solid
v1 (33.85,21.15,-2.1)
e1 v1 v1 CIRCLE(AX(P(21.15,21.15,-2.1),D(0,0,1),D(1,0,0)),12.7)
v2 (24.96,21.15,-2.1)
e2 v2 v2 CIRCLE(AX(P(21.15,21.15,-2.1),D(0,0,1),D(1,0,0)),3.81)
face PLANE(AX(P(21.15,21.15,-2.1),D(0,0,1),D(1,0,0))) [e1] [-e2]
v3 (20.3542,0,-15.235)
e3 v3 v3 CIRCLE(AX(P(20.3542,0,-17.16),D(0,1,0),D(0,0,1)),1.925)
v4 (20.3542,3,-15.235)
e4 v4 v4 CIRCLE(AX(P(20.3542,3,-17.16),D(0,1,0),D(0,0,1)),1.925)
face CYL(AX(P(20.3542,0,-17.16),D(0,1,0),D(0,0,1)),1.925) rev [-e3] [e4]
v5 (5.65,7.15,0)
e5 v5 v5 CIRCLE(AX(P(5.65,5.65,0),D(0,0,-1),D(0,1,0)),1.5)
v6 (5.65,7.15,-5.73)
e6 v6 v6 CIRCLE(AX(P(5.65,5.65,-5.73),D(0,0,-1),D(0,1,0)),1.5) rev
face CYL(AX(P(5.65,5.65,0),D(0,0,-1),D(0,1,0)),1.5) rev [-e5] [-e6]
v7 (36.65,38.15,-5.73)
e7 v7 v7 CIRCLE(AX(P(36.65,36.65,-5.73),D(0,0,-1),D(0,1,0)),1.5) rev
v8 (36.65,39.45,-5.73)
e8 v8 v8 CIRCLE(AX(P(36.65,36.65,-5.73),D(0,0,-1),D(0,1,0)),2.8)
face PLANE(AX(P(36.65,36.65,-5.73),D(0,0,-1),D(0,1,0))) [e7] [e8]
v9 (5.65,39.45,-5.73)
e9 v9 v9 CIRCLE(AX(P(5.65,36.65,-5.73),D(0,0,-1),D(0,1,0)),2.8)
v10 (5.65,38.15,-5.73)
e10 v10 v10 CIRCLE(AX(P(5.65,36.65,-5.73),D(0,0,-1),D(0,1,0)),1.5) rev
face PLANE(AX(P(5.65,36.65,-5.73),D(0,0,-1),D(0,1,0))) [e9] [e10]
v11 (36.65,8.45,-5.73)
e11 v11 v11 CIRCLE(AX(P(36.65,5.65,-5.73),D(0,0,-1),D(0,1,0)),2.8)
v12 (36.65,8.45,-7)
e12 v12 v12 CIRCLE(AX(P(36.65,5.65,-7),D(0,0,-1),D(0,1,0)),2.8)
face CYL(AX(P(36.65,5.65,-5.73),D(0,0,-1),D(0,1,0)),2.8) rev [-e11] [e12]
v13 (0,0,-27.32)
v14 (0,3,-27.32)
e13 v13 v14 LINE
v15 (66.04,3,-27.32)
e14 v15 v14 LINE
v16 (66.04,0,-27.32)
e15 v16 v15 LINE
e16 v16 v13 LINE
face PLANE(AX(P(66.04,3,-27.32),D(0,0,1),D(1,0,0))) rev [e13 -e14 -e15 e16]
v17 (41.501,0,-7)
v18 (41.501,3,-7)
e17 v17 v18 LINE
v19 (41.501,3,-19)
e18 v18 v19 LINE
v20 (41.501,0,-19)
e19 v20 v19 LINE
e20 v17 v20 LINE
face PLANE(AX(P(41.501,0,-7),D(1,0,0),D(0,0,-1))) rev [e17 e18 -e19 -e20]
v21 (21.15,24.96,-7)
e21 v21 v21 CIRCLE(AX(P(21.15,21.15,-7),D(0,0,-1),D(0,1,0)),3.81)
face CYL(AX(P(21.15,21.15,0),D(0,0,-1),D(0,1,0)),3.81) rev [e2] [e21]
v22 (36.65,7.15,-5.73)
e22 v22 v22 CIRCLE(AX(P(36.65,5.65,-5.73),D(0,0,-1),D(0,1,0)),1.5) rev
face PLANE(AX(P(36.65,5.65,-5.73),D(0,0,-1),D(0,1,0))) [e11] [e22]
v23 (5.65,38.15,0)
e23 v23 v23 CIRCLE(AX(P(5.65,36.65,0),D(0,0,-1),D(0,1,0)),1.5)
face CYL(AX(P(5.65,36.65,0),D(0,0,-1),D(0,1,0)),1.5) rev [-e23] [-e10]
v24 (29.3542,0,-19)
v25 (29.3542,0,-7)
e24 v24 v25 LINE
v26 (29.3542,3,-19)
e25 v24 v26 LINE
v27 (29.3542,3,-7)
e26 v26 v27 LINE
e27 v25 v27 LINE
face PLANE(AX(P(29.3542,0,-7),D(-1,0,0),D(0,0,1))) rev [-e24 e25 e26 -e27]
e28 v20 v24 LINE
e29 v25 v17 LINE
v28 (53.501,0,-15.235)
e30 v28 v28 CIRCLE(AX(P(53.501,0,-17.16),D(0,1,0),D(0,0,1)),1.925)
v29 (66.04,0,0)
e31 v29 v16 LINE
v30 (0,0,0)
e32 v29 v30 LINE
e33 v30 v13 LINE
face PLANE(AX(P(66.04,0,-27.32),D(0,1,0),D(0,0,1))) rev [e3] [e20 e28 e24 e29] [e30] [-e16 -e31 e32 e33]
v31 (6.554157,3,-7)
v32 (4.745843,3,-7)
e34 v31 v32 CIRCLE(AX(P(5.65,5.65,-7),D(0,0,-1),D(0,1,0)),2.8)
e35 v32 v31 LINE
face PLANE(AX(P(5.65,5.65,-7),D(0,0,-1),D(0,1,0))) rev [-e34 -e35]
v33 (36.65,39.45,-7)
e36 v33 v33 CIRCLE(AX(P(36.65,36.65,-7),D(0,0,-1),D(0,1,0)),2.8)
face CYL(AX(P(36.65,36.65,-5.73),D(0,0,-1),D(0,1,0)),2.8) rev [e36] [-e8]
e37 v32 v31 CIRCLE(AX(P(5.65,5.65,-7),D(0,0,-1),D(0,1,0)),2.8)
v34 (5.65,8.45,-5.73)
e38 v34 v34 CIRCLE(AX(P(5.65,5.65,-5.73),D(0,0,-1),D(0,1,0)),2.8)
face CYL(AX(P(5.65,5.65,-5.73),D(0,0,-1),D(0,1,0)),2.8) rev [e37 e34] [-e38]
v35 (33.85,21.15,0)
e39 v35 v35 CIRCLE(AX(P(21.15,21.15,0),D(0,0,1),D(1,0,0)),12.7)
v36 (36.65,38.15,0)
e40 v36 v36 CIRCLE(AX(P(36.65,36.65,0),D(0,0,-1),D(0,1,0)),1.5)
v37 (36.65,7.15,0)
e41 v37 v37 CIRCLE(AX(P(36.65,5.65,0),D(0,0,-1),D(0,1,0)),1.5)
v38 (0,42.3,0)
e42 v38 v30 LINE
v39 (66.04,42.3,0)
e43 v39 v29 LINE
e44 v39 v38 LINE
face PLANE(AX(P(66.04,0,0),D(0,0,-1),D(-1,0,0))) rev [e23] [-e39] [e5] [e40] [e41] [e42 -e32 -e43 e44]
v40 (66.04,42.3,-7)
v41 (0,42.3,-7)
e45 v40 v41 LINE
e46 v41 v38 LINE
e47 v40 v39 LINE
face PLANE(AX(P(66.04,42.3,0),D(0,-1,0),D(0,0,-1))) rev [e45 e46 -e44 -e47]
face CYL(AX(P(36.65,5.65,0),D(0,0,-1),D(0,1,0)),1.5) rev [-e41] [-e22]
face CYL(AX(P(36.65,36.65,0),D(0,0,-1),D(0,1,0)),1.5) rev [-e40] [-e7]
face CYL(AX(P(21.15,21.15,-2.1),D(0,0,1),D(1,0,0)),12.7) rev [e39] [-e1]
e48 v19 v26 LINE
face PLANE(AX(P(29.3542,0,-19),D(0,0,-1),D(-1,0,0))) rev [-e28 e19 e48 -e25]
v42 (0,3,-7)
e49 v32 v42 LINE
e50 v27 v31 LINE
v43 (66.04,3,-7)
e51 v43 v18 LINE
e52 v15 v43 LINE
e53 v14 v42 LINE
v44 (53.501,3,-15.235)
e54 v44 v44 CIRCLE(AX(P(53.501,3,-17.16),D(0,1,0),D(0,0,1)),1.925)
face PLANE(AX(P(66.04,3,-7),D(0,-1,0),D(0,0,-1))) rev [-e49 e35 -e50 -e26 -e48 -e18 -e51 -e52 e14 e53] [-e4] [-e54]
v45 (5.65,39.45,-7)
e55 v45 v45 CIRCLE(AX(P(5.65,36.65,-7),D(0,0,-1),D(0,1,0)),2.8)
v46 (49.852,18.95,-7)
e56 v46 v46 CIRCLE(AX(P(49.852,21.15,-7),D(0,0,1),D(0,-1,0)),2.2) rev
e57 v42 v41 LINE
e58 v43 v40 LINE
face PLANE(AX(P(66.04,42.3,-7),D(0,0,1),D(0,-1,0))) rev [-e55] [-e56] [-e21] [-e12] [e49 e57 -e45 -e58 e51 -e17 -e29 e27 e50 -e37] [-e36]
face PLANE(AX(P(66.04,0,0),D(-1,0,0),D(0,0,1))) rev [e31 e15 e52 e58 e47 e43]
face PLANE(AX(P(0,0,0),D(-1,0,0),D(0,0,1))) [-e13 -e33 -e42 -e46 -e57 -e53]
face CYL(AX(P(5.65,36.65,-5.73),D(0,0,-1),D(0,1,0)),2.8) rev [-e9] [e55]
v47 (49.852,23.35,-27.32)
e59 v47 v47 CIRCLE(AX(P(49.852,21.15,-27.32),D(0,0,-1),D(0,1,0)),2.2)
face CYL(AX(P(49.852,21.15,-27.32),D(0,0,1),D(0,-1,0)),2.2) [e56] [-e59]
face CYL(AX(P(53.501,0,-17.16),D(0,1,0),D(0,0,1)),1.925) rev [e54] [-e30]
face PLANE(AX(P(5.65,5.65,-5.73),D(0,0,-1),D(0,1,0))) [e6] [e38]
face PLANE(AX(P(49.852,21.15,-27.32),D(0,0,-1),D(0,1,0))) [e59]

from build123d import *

# Parameters (mm, degrees)
BOSS_EXTRUDE1_DEPTH    = 66.04
SKETCH3_R              = 12.7
CUT_EXTRUDE1_DEPTH     = 2.1
SKETCH2_R              = 1.5
SKETCH2_R_2            = 3.81
CUT_EXTRUDE2_DEPTH     = 8
SKETCH4_R              = 2.2
BOSS_EXTRUDE2_DEPTH    = 20.32
SKETCH6_W              = 12.1468
SKETCH6_H              = 12
CUT_EXTRUDE3_DEPTH     = 4
SKETCH7_R              = 2.8
CUT_EXTRUDE4_DEPTH     = 1.27
SKETCH8_R              = 1.925
M4_BOTTOM_SCREWS_DEPTH = 4


with BuildPart() as part:
    # Sketch1 → Boss-Extrude1 (new body)
    with BuildSketch(Plane(origin=(0, 0, 0), x_dir=(0, 0, -1), z_dir=(1, 0, 0))):
        Polygon((7, 3), (27.32, 3), (27.32, 0), (2.660377358, 0), (0, 0), (0, 42.3), (7, 42.3), align=None)
    extrude(amount=BOSS_EXTRUDE1_DEPTH)

    # Sketch3 → Cut-Extrude1 (cut)
    with BuildSketch(Plane.XY):
        with Locations((21.15, 21.15)):
            Circle(SKETCH3_R)
    extrude(amount=-CUT_EXTRUDE1_DEPTH, mode=Mode.SUBTRACT)

    # Sketch2 → Cut-Extrude2 (cut, through all)
    with BuildSketch(Plane(origin=(0, 0, -7), x_dir=(-1, 0, 0), z_dir=(0, 0, -1))):
        with Locations((-5.65, 36.65)):
            Circle(SKETCH2_R)
        with Locations((-5.65, 5.65)):
            Circle(SKETCH2_R)
        with Locations((-36.65, 36.65)):
            Circle(SKETCH2_R)
        with Locations((-36.65, 5.65)):
            Circle(SKETCH2_R)
        with Locations((-21.15, 21.15)):
            Circle(SKETCH2_R_2)
    extrude(amount=-CUT_EXTRUDE2_DEPTH, mode=Mode.SUBTRACT)

    # Sketch4 → Boss-Extrude2 (add)
    with BuildSketch(Plane(origin=(0, 0, -7), x_dir=(-1, 0, 0), z_dir=(0, 0, -1))):
        with Locations((-49.852, 21.15)):
            Circle(SKETCH4_R)
    extrude(amount=BOSS_EXTRUDE2_DEPTH)

    # Sketch6 → Cut-Extrude3 (cut, through all)
    with BuildSketch(Plane(origin=(0, 3, 0), x_dir=(1, 0, 0), z_dir=(0, 1, 0))):
        with Locations((35.4276, 13)):
            Rectangle(SKETCH6_W, SKETCH6_H)
    extrude(amount=-CUT_EXTRUDE3_DEPTH, mode=Mode.SUBTRACT)

    # Sketch7 → Cut-Extrude4 (cut)
    with BuildSketch(Plane(origin=(0, 0, -7), x_dir=(-1, 0, 0), z_dir=(0, 0, -1))):
        with Locations((-36.65, 36.65)):
            Circle(SKETCH7_R)
        with Locations((-36.65, 5.65)):
            Circle(SKETCH7_R)
        with Locations((-5.65, 5.65)):
            Circle(SKETCH7_R)
        with Locations((-5.65, 36.65)):
            Circle(SKETCH7_R)
    extrude(amount=-CUT_EXTRUDE4_DEPTH, mode=Mode.SUBTRACT)

    # Sketch8 → M4 bottom screws (cut, through all)
    with BuildSketch(Plane(origin=(0, 3, 0), x_dir=(1, 0, 0), z_dir=(0, 1, 0))):
        with Locations((20.3542, 17.16)):
            Circle(SKETCH8_R)
        with Locations((53.501, 17.16)):
            Circle(SKETCH8_R)
    extrude(amount=-M4_BOTTOM_SCREWS_DEPTH, mode=Mode.SUBTRACT)


solid = part.part
